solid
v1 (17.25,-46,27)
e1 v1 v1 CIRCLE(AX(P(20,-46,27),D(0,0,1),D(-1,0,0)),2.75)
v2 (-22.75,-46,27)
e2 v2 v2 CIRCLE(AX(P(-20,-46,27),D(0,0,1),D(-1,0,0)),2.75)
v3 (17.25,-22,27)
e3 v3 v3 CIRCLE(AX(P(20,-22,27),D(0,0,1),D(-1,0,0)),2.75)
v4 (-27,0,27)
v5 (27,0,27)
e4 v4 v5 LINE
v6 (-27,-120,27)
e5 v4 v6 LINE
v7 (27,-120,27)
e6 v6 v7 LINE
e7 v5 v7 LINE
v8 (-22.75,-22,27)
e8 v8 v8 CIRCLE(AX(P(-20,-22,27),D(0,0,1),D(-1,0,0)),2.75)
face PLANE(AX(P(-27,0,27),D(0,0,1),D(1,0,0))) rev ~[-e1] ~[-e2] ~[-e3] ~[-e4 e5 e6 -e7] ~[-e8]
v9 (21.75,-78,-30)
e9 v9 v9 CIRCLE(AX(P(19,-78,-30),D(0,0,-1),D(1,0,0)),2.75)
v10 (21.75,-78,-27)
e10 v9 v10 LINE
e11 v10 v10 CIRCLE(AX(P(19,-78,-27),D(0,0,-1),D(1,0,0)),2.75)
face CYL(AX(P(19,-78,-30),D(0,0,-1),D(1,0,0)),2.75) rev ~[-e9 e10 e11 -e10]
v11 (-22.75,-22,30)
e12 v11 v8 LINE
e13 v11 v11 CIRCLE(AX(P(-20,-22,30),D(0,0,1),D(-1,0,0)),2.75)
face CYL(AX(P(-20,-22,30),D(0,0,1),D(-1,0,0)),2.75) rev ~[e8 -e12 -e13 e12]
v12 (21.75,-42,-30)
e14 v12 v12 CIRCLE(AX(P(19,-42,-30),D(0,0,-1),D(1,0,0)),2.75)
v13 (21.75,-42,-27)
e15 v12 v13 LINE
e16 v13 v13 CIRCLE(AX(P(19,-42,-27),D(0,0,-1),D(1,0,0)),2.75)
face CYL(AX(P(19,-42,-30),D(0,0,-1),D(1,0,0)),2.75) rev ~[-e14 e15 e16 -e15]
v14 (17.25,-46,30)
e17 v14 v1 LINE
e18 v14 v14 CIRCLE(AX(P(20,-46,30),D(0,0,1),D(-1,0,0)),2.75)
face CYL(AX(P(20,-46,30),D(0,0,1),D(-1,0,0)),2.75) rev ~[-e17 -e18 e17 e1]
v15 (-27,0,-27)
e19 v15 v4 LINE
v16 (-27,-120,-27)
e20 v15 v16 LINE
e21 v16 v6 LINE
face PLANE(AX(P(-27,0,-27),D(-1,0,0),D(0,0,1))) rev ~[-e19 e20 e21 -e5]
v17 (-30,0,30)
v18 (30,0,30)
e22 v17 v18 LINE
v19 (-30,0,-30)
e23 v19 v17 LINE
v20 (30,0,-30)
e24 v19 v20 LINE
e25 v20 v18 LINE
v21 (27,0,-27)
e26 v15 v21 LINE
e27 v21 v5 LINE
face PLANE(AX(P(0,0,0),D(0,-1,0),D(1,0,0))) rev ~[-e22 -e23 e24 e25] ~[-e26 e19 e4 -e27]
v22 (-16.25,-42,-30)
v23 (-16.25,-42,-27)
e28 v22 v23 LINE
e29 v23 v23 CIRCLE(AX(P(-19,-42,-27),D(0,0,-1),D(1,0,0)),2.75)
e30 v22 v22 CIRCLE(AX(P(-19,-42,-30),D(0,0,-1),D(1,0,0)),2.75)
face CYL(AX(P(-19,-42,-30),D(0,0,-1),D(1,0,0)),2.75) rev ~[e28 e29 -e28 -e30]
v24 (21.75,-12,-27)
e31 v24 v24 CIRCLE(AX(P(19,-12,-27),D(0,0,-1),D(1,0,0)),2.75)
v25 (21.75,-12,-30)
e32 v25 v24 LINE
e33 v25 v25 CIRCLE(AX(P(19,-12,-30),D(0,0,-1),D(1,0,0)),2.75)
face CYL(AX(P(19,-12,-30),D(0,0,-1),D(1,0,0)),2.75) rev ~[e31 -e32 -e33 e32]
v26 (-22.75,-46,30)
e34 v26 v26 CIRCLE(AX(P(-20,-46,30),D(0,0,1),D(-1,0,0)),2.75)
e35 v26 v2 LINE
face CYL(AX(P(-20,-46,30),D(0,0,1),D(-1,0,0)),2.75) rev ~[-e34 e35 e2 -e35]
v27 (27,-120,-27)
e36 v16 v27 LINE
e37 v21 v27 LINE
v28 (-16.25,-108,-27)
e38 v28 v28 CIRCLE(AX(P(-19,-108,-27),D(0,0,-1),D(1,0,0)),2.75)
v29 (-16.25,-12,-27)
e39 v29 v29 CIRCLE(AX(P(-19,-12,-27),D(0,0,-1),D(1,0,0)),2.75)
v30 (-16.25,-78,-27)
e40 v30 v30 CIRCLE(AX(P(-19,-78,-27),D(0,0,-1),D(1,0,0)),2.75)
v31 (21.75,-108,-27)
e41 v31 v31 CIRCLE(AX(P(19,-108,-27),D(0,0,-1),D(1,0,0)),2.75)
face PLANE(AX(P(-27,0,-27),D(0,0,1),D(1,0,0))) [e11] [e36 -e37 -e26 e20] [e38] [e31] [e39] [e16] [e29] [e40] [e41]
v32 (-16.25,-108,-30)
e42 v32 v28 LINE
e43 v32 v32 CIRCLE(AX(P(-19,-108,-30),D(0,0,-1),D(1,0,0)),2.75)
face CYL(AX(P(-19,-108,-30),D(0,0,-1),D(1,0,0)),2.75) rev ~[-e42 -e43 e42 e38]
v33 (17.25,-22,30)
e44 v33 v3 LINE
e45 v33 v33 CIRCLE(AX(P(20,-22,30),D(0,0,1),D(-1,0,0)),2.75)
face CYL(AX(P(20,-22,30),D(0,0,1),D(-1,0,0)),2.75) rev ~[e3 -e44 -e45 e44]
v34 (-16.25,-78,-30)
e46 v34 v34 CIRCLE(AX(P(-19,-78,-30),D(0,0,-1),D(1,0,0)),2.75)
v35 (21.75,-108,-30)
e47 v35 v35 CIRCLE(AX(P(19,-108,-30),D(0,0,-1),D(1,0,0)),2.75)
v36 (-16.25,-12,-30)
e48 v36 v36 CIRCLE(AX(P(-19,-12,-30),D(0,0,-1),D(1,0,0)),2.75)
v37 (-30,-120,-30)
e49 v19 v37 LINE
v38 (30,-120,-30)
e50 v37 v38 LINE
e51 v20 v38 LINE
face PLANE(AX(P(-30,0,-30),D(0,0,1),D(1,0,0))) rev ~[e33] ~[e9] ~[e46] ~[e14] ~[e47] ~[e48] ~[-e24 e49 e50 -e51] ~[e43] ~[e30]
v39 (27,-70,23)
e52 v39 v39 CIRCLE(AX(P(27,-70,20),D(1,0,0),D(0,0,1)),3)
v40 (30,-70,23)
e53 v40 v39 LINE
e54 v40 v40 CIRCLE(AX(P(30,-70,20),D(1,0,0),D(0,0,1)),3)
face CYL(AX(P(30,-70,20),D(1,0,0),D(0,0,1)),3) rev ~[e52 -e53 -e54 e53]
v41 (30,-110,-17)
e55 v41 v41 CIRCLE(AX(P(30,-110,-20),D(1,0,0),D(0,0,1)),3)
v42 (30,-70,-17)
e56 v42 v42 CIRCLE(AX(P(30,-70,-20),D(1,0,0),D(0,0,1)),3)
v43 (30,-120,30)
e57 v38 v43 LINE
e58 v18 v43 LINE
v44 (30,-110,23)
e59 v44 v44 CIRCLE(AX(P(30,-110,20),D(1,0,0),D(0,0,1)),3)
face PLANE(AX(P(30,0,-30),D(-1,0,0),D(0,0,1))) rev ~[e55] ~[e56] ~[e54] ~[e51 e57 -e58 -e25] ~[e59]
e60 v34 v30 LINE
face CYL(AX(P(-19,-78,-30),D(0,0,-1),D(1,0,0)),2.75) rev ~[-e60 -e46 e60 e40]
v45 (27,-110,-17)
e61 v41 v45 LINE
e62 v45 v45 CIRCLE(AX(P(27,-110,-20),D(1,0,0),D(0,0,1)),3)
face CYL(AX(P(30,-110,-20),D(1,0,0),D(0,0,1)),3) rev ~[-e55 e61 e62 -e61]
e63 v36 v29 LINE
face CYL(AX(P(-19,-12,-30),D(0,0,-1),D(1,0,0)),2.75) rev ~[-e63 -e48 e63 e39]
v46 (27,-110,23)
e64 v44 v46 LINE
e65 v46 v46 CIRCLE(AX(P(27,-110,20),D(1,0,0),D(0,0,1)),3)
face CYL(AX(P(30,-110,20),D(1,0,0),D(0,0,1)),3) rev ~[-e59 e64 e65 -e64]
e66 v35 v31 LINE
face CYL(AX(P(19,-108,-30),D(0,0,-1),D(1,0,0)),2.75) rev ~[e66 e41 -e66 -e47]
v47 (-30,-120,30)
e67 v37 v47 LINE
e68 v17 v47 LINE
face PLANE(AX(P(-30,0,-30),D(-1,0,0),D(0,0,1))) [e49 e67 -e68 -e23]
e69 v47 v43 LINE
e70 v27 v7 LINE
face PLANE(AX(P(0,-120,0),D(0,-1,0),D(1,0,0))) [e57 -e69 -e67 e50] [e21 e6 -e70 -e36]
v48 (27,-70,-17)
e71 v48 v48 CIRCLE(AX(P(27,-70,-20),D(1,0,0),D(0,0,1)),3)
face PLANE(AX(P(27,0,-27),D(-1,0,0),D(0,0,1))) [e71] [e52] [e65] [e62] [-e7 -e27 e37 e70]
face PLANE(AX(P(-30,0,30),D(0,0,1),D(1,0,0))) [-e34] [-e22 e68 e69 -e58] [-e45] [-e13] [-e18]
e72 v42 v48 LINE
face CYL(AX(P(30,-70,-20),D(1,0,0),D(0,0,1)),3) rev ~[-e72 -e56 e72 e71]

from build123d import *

# Parameters (mm, degrees)
SKETCH_W        = 60
SKETCH_H        = 60
SKETCH_W_2      = 54
SKETCH_H_2      = 54
PAD_DEPTH       = 120
SKETCH001_R     = 2.75
POCKET_DEPTH    = 3
SKETCH002_R     = 2.75
POCKET001_DEPTH = 3
SKETCH003_R     = 3
POCKET002_DEPTH = 3


with BuildPart() as part:
    # Sketch → Pad (new body)
    with BuildSketch(Plane.XZ):
        Rectangle(SKETCH_W, SKETCH_H)
        Rectangle(SKETCH_W_2, SKETCH_H_2, mode=Mode.SUBTRACT)
    extrude(amount=PAD_DEPTH)

    # Sketch001 (on Face3 of Pad) → Pocket (cut)
    with BuildSketch(Plane(origin=(0, 0, -30), x_dir=(1, 0, 0), z_dir=(0, 0, -1))):
        with Locations((-19, 108)):
            Circle(SKETCH001_R)
        with Locations((-19, 78)):
            Circle(SKETCH001_R)
        with Locations((19, 108)):
            Circle(SKETCH001_R)
        with Locations((19, 78)):
            Circle(SKETCH001_R)
        with Locations((-19, 42)):
            Circle(SKETCH001_R)
        with Locations((-19, 12)):
            Circle(SKETCH001_R)
        with Locations((19, 42)):
            Circle(SKETCH001_R)
        with Locations((19, 12)):
            Circle(SKETCH001_R)
    extrude(amount=-POCKET_DEPTH, mode=Mode.SUBTRACT)

    # Sketch002 (on Face1 of Pocket) → Pocket001 (cut)
    with BuildSketch(Plane(origin=(0, 0, 30), x_dir=(-1, 0, 0), z_dir=(0, 0, 1))):
        with Locations((-20, 46)):
            Circle(SKETCH002_R)
        with Locations((-20, 22)):
            Circle(SKETCH002_R)
        with Locations((20, 46)):
            Circle(SKETCH002_R)
        with Locations((20, 22)):
            Circle(SKETCH002_R)
    extrude(amount=-POCKET001_DEPTH, mode=Mode.SUBTRACT)

    # Sketch003 (on Face5 of Pocket001) → Pocket002 (cut)
    with BuildSketch(Plane(origin=(30, 0, 0), x_dir=(0, 0, 1), z_dir=(1, 0, 0))):
        with Locations((-20, 110)):
            Circle(SKETCH003_R)
        with Locations((20, 110)):
            Circle(SKETCH003_R)
        with Locations((-20, 70)):
            Circle(SKETCH003_R)
        with Locations((20, 70)):
            Circle(SKETCH003_R)
    extrude(amount=-POCKET002_DEPTH, mode=Mode.SUBTRACT)


solid = part.part
